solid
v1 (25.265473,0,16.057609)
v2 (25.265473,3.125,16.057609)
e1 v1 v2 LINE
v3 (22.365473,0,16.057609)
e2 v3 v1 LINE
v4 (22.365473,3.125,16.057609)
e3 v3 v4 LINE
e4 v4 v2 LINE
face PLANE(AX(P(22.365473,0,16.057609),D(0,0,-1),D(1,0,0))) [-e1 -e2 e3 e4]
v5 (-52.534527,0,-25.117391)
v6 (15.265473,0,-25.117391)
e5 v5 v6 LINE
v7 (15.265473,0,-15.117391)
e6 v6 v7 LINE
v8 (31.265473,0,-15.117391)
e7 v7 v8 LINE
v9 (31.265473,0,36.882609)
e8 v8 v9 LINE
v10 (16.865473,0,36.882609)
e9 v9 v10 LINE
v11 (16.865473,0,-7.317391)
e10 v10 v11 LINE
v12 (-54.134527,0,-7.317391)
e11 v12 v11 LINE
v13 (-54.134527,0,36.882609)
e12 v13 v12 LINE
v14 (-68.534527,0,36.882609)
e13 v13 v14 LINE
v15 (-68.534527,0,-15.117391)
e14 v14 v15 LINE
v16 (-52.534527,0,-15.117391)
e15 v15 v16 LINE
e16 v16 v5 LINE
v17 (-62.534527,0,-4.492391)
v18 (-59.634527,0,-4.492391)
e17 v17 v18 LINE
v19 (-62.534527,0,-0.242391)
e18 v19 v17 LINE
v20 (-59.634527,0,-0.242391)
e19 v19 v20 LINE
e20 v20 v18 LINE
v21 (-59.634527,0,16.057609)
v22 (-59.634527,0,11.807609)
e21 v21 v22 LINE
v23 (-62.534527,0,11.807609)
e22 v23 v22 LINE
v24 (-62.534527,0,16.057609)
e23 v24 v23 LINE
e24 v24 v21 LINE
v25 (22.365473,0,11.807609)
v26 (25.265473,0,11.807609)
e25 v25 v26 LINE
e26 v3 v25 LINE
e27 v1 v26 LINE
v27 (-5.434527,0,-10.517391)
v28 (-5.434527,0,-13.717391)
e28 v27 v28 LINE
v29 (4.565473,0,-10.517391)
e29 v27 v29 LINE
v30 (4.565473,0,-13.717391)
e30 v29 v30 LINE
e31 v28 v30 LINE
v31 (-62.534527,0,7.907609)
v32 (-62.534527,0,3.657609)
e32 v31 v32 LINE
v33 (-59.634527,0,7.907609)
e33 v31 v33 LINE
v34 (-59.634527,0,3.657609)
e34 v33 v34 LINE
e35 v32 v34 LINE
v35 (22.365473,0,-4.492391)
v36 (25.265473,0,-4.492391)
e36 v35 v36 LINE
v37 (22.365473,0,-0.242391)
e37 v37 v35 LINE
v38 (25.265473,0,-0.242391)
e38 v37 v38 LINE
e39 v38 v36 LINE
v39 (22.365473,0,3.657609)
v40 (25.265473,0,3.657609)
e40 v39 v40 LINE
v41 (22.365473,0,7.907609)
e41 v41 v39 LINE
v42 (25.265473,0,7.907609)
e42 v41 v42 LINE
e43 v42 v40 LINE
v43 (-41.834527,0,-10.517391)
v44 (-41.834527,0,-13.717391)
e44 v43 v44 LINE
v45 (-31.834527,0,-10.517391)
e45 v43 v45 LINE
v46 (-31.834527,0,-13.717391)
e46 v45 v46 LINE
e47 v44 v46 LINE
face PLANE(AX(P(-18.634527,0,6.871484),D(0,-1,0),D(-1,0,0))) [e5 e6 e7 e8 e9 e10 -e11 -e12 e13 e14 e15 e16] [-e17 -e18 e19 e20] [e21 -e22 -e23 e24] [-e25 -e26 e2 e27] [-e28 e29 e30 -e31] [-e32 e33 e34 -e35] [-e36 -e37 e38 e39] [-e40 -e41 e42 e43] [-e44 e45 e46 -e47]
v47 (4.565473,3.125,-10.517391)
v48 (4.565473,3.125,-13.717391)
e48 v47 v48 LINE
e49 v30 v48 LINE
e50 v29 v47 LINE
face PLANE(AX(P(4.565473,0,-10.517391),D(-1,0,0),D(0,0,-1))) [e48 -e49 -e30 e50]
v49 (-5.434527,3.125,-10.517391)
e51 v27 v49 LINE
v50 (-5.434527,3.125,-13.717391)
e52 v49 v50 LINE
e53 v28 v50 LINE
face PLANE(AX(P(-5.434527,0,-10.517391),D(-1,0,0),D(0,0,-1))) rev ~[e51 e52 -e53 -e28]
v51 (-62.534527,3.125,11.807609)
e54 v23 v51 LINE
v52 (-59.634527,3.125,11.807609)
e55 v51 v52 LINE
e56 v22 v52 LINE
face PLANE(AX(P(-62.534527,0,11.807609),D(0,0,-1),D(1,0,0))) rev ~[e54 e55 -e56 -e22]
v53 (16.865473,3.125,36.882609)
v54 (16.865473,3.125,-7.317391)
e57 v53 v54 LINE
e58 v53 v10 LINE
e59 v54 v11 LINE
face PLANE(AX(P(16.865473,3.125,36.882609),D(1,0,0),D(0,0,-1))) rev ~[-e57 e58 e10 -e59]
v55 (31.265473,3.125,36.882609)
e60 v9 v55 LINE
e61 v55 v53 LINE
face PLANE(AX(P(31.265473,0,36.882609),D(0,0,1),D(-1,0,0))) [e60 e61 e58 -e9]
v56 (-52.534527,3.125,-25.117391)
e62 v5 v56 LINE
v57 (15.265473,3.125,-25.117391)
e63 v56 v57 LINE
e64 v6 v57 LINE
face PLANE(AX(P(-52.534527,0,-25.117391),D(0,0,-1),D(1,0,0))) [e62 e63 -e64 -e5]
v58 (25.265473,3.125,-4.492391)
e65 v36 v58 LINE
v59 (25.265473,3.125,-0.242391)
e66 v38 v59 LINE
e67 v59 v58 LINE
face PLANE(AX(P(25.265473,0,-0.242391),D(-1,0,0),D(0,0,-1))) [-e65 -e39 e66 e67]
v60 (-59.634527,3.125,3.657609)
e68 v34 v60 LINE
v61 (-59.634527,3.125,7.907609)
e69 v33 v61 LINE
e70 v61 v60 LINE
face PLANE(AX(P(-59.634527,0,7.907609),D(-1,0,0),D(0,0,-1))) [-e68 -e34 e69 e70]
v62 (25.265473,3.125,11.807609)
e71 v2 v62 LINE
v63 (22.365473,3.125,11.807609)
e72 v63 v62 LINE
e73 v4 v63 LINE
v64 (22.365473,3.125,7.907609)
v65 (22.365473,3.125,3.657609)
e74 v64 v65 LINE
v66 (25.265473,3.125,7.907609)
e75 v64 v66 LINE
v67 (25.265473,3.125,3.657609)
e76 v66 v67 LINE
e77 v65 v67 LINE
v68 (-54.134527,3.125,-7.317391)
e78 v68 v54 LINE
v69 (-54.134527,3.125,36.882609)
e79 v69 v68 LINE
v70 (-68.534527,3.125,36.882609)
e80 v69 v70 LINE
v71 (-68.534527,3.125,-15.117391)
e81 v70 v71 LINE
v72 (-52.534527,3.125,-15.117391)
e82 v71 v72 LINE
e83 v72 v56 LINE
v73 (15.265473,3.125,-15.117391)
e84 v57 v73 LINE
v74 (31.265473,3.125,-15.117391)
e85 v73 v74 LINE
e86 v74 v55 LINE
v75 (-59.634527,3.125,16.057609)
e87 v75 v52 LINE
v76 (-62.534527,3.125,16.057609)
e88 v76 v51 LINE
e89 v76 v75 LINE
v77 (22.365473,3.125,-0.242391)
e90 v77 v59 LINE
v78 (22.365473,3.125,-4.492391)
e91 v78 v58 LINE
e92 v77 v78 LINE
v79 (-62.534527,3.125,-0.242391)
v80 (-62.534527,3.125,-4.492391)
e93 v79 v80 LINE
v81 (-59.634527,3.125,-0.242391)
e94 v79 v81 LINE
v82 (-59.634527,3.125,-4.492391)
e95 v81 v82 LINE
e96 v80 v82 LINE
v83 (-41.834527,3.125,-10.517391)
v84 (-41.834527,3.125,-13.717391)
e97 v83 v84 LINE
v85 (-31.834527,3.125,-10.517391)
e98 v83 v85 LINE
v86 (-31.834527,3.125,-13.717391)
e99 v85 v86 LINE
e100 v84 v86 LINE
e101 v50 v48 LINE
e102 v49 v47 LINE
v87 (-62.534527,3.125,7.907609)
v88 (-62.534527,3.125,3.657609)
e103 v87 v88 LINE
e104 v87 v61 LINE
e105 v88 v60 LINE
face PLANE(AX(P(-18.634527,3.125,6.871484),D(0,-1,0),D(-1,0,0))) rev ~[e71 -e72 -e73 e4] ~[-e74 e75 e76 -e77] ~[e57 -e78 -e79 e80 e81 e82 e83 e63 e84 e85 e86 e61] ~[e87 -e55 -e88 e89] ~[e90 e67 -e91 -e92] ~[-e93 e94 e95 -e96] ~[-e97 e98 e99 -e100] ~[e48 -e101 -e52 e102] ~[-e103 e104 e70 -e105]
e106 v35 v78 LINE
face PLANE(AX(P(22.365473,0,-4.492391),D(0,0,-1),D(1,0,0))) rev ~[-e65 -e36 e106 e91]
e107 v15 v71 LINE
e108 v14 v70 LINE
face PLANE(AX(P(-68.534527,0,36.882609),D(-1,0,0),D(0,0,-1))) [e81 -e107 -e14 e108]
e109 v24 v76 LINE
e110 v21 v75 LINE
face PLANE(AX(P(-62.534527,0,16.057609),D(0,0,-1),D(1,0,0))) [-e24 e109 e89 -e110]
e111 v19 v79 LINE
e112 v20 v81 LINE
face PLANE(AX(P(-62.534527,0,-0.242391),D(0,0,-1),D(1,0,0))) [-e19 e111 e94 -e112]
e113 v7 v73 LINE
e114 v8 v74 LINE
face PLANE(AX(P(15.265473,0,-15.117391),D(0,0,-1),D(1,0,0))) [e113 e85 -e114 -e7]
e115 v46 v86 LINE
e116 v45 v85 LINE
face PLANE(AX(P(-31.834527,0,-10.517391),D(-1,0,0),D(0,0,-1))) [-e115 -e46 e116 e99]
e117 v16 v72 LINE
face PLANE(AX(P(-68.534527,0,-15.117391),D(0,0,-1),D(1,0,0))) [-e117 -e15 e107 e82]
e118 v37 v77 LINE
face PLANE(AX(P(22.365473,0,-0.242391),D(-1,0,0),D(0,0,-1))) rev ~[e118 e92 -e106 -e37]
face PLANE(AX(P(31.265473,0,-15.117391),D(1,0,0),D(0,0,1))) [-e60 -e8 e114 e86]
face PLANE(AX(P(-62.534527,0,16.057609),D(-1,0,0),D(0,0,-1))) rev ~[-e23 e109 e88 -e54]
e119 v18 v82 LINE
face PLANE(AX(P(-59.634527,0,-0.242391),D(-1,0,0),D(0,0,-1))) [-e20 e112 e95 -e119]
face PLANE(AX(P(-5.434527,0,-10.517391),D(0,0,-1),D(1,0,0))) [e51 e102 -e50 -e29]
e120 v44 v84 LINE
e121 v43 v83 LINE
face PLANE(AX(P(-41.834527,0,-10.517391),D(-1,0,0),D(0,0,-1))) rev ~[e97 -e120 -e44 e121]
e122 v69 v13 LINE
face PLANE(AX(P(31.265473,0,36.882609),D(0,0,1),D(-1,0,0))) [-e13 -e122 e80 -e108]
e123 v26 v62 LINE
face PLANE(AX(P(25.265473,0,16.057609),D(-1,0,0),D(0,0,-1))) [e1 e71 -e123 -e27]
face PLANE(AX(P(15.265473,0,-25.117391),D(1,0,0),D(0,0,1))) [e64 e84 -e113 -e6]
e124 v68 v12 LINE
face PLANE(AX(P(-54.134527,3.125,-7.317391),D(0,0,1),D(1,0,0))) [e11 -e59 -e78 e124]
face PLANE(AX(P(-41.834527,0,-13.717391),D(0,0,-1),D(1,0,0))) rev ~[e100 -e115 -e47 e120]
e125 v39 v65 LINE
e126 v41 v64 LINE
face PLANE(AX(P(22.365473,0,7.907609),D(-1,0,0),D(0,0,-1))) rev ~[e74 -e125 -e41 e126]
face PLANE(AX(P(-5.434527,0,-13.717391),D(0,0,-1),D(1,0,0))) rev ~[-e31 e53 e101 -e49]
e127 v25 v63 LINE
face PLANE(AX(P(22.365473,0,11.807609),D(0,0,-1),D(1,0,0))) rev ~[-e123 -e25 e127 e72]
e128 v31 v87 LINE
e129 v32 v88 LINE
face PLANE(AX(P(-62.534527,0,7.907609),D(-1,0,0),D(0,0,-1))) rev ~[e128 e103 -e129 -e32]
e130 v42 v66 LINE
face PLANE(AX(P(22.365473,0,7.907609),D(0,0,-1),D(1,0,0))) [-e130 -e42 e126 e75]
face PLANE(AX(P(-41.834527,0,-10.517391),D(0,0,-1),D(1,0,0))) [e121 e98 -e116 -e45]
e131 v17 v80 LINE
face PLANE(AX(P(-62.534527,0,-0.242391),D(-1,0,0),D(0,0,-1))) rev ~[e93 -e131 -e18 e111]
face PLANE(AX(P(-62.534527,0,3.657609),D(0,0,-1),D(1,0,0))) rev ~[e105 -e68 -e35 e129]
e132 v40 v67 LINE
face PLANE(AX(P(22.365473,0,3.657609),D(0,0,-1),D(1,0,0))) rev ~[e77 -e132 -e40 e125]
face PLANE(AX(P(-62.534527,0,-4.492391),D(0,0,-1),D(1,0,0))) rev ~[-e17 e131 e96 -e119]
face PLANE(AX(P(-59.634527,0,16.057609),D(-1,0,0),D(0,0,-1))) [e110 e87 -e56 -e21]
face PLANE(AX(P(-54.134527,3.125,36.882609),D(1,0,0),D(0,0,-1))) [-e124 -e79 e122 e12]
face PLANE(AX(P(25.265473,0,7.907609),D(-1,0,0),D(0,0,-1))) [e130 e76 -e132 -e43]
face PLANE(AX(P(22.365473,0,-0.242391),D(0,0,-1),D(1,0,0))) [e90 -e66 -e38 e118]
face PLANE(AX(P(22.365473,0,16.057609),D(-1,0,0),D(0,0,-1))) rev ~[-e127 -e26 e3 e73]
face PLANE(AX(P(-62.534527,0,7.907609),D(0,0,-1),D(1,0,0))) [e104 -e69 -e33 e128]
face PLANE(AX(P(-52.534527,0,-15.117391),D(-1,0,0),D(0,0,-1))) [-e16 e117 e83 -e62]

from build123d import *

# Parameters (mm, degrees)
SKETCH1_W           = 2.9
SKETCH1_H           = 4.25
SKETCH1_W_2         = 10
SKETCH1_H_2         = 3.2
BOSS_EXTRUDE1_DEPTH = 3.125
SKETCH3_W           = 71
SKETCH3_H           = 44.2
CUT_EXTRUDE1_DEPTH  = 3.125


with BuildPart() as part:
    # Sketch1 → Boss-Extrude1 (new body)
    with BuildSketch(Plane(origin=(0, 0, 0), x_dir=(1, 0, 0), z_dir=(0, 1, 0))):
        Polygon((-68.534526854, 15.117391304), (-52.534526854, 15.117391304), (-52.534526854, 25.117391304), (15.265473146, 25.117391304), (15.265473146, 15.117391304), (31.265473146, 15.117391304), (31.265473146, -36.882608696), (-68.534526854, -36.882608696), align=None)
        with Locations((-61.084526854, 2.367391304)):
            Rectangle(SKETCH1_W, SKETCH1_H, mode=Mode.SUBTRACT)
        with Locations((-61.084526854, -5.782608696)):
            Rectangle(SKETCH1_W, SKETCH1_H, mode=Mode.SUBTRACT)
        with Locations((-61.084526854, -13.932608696)):
            Rectangle(SKETCH1_W, SKETCH1_H, mode=Mode.SUBTRACT)
        with Locations((23.815473146, 2.367391304)):
            Rectangle(SKETCH1_W, SKETCH1_H, mode=Mode.SUBTRACT)
        with Locations((23.815473146, -5.782608696)):
            Rectangle(SKETCH1_W, SKETCH1_H, mode=Mode.SUBTRACT)
        with Locations((23.815473146, -13.932608696)):
            Rectangle(SKETCH1_W, SKETCH1_H, mode=Mode.SUBTRACT)
        with Locations((-36.834526854, 12.117391304)):
            Rectangle(SKETCH1_W_2, SKETCH1_H_2, mode=Mode.SUBTRACT)
        with Locations((-0.434526854, 12.117391304)):
            Rectangle(SKETCH1_W_2, SKETCH1_H_2, mode=Mode.SUBTRACT)
    extrude(amount=BOSS_EXTRUDE1_DEPTH)

    # Sketch3 → Cut-Extrude1 (cut)
    with BuildSketch(Plane(origin=(0, 3.125, 0), x_dir=(1, 0, 0), z_dir=(0, 1, 0))):
        with Locations((-18.634526854, -14.782608696)):
            Rectangle(SKETCH3_W, SKETCH3_H)
    extrude(amount=-CUT_EXTRUDE1_DEPTH, mode=Mode.SUBTRACT)


solid = part.part
